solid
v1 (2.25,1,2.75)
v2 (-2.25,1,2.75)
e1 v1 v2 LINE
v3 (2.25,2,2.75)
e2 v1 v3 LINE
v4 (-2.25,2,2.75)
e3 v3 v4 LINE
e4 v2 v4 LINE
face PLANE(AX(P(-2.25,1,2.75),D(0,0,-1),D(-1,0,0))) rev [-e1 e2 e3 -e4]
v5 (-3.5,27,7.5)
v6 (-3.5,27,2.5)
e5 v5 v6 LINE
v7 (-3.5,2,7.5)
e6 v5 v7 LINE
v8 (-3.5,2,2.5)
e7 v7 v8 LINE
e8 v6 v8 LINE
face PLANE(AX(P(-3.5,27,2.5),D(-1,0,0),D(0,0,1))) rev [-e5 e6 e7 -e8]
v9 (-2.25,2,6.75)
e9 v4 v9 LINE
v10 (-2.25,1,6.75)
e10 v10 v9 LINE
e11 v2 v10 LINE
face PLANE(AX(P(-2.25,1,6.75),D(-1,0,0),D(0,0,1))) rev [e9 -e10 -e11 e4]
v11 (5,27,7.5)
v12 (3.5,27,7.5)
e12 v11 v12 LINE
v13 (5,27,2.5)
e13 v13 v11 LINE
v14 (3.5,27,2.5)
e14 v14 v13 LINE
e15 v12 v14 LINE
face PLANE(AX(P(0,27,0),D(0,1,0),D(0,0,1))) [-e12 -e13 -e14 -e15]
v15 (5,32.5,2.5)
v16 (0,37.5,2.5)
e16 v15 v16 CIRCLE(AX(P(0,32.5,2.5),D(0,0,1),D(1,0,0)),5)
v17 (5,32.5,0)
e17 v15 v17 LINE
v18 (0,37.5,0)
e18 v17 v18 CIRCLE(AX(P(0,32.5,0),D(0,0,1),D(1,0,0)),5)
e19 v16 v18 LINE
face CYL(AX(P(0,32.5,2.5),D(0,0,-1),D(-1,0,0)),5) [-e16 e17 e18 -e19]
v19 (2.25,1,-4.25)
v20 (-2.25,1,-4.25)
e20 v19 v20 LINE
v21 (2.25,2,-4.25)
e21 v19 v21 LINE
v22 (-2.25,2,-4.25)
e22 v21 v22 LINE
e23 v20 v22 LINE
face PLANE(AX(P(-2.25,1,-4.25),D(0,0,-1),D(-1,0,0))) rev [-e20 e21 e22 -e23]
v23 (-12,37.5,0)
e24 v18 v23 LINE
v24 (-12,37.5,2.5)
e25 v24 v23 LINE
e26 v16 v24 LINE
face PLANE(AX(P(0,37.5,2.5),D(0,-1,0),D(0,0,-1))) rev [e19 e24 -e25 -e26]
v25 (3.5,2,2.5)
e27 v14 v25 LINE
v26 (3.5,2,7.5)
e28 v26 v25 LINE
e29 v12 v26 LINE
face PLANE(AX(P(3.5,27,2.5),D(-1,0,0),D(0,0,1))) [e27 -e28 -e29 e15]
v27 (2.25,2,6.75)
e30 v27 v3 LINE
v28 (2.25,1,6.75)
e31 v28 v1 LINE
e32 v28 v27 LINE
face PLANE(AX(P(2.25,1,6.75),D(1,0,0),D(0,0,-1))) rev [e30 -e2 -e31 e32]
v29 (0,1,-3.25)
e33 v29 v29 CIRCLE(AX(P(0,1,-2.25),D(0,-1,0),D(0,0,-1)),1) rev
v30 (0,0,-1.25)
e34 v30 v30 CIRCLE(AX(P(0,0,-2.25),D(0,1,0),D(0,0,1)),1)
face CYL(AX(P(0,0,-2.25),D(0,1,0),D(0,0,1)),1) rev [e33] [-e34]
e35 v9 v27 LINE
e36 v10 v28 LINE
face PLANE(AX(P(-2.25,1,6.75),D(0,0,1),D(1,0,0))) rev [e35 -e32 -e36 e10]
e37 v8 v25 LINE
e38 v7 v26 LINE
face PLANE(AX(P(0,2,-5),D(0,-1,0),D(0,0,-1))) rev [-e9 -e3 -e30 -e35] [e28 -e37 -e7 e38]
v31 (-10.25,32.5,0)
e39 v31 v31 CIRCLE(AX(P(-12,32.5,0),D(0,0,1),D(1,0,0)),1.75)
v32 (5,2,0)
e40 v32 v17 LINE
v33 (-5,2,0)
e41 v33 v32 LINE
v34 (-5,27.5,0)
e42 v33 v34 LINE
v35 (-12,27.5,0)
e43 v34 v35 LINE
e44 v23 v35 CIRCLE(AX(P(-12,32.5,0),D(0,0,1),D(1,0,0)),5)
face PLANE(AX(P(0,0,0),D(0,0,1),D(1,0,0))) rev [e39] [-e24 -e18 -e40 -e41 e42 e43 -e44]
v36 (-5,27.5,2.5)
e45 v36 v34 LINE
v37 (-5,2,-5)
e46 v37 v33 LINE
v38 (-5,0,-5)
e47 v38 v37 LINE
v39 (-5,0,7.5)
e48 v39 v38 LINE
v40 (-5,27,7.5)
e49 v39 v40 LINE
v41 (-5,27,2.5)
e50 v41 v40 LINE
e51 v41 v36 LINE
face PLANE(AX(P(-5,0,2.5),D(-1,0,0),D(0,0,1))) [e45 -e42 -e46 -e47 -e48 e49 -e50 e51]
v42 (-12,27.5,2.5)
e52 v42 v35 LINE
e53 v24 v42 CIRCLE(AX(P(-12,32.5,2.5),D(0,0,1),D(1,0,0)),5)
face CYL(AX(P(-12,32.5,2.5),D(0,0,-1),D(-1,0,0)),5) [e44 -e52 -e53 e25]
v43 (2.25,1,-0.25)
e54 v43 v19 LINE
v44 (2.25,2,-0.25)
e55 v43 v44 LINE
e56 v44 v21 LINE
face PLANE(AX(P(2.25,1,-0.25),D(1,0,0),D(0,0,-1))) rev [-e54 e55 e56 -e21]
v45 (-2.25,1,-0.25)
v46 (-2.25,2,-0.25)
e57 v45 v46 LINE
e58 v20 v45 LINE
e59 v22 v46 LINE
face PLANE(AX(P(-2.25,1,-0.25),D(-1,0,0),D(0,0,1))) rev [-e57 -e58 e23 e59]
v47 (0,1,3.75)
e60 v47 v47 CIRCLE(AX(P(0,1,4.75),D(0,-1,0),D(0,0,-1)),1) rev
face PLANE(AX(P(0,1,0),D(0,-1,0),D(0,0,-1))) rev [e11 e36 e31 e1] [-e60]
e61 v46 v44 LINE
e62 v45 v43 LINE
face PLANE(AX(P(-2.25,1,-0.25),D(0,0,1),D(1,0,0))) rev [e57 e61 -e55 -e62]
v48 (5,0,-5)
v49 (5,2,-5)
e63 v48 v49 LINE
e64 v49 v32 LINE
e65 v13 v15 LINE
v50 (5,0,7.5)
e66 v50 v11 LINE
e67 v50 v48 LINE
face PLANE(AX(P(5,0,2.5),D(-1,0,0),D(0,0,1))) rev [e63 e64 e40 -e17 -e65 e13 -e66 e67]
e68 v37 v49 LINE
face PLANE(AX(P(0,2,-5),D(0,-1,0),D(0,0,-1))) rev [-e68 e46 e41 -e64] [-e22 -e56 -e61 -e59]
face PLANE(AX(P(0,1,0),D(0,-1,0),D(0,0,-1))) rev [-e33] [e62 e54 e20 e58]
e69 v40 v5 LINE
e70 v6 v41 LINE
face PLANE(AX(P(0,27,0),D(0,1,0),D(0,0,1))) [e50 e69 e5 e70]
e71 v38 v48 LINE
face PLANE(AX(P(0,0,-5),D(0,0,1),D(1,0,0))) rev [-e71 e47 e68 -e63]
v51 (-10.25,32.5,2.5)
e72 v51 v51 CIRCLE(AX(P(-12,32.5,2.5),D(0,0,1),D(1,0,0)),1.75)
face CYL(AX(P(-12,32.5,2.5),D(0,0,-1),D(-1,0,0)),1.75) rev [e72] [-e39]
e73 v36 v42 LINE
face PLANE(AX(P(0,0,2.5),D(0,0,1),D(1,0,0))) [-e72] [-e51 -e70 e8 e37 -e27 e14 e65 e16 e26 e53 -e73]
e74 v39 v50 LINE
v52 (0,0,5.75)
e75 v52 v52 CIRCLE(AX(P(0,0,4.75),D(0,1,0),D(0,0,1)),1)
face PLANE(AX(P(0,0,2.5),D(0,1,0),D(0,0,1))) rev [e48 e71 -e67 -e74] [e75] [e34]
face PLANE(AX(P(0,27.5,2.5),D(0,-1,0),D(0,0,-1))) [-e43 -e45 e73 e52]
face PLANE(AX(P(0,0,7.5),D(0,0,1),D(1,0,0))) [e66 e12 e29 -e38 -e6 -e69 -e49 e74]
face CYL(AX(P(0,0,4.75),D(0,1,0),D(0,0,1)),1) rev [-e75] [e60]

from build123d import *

# Parameters (mm, degrees)
SKETCH1_R          = 1.75
AXLEHOLDER_DEPTH   = 2.5
SKETCH1_3_W        = 10
SKETCH1_3_H        = 2
BASE_DEPTH         = 7.5
BASE_DEPTH_BACK    = 5
SKETCH2_R          = 1
BOLTHOLES_DEPTH    = 3
SKETCH3_W          = 4.5
SKETCH3_H          = 4
NUTSLOTS_DEPTH     = 1
SKETCH4_W          = 1.5
SKETCH4_H          = 5
STIFFENERRIB_DEPTH = 25


with BuildPart() as part:
    # Sketch1 → AxleHolder (new body)
    with BuildSketch(Plane.XY):
        with BuildLine():
            Line((-12, 27.5), (-5, 27.5))
            Line((-5, 27.5), (-5, 0))
            Line((-5, 0), (5, 0))
            Line((5, 0), (5, 32.5))
            ThreePointArc((5, 32.5), (3.535533906, 36.035533906), (0, 37.5))
            Line((0, 37.5), (-12, 37.5))
            ThreePointArc((-12, 37.5), (-17, 32.5), (-12, 27.5))
        make_face()
        with Locations((-12, 32.5)):
            Circle(SKETCH1_R, mode=Mode.SUBTRACT)
    extrude(amount=AXLEHOLDER_DEPTH)

    # Sketch1<3> → Base (add, two sides)
    with BuildSketch(Plane.XY) as base_sk:
        with Locations((0, 1)):
            Rectangle(SKETCH1_3_W, SKETCH1_3_H)
    extrude(amount=BASE_DEPTH)
    extrude(base_sk.sketch, amount=-BASE_DEPTH_BACK)

    # Sketch2 → BoltHoles (cut, through all)
    with BuildSketch(Plane(origin=(0, 2, 0), x_dir=(1, 0, 0), z_dir=(0, 1, 0))):
        with Locations((0, 2.25)):
            Circle(SKETCH2_R)
        with Locations((0, -4.75)):
            Circle(SKETCH2_R)
    extrude(amount=-BOLTHOLES_DEPTH, mode=Mode.SUBTRACT)

    # Sketch3 → NutSlots (cut)
    with BuildSketch(Plane(origin=(0, 2, 0), x_dir=(1, 0, 0), z_dir=(0, 1, 0))):
        with Locations((0, -4.75)):
            Rectangle(SKETCH3_W, SKETCH3_H)
        with Locations((0, 2.25)):
            Rectangle(SKETCH3_W, SKETCH3_H)
    extrude(amount=-NUTSLOTS_DEPTH, mode=Mode.SUBTRACT)

    # Sketch4 → StiffenerRib (add)
    with BuildSketch(Plane(origin=(0, 2, 0), x_dir=(1, 0, 0), z_dir=(0, 1, 0))):
        with Locations((-4.25, -5)):
            Rectangle(SKETCH4_W, SKETCH4_H)
    stiffenerrib = extrude(amount=STIFFENERRIB_DEPTH)

    # StiffenerRib2: StiffenerRib across plane
    add(stiffenerrib.mirror(Plane(origin=(0, 0, 0), x_dir=(0, 0, 1), z_dir=(1, 0, 0))))


solid = part.part
